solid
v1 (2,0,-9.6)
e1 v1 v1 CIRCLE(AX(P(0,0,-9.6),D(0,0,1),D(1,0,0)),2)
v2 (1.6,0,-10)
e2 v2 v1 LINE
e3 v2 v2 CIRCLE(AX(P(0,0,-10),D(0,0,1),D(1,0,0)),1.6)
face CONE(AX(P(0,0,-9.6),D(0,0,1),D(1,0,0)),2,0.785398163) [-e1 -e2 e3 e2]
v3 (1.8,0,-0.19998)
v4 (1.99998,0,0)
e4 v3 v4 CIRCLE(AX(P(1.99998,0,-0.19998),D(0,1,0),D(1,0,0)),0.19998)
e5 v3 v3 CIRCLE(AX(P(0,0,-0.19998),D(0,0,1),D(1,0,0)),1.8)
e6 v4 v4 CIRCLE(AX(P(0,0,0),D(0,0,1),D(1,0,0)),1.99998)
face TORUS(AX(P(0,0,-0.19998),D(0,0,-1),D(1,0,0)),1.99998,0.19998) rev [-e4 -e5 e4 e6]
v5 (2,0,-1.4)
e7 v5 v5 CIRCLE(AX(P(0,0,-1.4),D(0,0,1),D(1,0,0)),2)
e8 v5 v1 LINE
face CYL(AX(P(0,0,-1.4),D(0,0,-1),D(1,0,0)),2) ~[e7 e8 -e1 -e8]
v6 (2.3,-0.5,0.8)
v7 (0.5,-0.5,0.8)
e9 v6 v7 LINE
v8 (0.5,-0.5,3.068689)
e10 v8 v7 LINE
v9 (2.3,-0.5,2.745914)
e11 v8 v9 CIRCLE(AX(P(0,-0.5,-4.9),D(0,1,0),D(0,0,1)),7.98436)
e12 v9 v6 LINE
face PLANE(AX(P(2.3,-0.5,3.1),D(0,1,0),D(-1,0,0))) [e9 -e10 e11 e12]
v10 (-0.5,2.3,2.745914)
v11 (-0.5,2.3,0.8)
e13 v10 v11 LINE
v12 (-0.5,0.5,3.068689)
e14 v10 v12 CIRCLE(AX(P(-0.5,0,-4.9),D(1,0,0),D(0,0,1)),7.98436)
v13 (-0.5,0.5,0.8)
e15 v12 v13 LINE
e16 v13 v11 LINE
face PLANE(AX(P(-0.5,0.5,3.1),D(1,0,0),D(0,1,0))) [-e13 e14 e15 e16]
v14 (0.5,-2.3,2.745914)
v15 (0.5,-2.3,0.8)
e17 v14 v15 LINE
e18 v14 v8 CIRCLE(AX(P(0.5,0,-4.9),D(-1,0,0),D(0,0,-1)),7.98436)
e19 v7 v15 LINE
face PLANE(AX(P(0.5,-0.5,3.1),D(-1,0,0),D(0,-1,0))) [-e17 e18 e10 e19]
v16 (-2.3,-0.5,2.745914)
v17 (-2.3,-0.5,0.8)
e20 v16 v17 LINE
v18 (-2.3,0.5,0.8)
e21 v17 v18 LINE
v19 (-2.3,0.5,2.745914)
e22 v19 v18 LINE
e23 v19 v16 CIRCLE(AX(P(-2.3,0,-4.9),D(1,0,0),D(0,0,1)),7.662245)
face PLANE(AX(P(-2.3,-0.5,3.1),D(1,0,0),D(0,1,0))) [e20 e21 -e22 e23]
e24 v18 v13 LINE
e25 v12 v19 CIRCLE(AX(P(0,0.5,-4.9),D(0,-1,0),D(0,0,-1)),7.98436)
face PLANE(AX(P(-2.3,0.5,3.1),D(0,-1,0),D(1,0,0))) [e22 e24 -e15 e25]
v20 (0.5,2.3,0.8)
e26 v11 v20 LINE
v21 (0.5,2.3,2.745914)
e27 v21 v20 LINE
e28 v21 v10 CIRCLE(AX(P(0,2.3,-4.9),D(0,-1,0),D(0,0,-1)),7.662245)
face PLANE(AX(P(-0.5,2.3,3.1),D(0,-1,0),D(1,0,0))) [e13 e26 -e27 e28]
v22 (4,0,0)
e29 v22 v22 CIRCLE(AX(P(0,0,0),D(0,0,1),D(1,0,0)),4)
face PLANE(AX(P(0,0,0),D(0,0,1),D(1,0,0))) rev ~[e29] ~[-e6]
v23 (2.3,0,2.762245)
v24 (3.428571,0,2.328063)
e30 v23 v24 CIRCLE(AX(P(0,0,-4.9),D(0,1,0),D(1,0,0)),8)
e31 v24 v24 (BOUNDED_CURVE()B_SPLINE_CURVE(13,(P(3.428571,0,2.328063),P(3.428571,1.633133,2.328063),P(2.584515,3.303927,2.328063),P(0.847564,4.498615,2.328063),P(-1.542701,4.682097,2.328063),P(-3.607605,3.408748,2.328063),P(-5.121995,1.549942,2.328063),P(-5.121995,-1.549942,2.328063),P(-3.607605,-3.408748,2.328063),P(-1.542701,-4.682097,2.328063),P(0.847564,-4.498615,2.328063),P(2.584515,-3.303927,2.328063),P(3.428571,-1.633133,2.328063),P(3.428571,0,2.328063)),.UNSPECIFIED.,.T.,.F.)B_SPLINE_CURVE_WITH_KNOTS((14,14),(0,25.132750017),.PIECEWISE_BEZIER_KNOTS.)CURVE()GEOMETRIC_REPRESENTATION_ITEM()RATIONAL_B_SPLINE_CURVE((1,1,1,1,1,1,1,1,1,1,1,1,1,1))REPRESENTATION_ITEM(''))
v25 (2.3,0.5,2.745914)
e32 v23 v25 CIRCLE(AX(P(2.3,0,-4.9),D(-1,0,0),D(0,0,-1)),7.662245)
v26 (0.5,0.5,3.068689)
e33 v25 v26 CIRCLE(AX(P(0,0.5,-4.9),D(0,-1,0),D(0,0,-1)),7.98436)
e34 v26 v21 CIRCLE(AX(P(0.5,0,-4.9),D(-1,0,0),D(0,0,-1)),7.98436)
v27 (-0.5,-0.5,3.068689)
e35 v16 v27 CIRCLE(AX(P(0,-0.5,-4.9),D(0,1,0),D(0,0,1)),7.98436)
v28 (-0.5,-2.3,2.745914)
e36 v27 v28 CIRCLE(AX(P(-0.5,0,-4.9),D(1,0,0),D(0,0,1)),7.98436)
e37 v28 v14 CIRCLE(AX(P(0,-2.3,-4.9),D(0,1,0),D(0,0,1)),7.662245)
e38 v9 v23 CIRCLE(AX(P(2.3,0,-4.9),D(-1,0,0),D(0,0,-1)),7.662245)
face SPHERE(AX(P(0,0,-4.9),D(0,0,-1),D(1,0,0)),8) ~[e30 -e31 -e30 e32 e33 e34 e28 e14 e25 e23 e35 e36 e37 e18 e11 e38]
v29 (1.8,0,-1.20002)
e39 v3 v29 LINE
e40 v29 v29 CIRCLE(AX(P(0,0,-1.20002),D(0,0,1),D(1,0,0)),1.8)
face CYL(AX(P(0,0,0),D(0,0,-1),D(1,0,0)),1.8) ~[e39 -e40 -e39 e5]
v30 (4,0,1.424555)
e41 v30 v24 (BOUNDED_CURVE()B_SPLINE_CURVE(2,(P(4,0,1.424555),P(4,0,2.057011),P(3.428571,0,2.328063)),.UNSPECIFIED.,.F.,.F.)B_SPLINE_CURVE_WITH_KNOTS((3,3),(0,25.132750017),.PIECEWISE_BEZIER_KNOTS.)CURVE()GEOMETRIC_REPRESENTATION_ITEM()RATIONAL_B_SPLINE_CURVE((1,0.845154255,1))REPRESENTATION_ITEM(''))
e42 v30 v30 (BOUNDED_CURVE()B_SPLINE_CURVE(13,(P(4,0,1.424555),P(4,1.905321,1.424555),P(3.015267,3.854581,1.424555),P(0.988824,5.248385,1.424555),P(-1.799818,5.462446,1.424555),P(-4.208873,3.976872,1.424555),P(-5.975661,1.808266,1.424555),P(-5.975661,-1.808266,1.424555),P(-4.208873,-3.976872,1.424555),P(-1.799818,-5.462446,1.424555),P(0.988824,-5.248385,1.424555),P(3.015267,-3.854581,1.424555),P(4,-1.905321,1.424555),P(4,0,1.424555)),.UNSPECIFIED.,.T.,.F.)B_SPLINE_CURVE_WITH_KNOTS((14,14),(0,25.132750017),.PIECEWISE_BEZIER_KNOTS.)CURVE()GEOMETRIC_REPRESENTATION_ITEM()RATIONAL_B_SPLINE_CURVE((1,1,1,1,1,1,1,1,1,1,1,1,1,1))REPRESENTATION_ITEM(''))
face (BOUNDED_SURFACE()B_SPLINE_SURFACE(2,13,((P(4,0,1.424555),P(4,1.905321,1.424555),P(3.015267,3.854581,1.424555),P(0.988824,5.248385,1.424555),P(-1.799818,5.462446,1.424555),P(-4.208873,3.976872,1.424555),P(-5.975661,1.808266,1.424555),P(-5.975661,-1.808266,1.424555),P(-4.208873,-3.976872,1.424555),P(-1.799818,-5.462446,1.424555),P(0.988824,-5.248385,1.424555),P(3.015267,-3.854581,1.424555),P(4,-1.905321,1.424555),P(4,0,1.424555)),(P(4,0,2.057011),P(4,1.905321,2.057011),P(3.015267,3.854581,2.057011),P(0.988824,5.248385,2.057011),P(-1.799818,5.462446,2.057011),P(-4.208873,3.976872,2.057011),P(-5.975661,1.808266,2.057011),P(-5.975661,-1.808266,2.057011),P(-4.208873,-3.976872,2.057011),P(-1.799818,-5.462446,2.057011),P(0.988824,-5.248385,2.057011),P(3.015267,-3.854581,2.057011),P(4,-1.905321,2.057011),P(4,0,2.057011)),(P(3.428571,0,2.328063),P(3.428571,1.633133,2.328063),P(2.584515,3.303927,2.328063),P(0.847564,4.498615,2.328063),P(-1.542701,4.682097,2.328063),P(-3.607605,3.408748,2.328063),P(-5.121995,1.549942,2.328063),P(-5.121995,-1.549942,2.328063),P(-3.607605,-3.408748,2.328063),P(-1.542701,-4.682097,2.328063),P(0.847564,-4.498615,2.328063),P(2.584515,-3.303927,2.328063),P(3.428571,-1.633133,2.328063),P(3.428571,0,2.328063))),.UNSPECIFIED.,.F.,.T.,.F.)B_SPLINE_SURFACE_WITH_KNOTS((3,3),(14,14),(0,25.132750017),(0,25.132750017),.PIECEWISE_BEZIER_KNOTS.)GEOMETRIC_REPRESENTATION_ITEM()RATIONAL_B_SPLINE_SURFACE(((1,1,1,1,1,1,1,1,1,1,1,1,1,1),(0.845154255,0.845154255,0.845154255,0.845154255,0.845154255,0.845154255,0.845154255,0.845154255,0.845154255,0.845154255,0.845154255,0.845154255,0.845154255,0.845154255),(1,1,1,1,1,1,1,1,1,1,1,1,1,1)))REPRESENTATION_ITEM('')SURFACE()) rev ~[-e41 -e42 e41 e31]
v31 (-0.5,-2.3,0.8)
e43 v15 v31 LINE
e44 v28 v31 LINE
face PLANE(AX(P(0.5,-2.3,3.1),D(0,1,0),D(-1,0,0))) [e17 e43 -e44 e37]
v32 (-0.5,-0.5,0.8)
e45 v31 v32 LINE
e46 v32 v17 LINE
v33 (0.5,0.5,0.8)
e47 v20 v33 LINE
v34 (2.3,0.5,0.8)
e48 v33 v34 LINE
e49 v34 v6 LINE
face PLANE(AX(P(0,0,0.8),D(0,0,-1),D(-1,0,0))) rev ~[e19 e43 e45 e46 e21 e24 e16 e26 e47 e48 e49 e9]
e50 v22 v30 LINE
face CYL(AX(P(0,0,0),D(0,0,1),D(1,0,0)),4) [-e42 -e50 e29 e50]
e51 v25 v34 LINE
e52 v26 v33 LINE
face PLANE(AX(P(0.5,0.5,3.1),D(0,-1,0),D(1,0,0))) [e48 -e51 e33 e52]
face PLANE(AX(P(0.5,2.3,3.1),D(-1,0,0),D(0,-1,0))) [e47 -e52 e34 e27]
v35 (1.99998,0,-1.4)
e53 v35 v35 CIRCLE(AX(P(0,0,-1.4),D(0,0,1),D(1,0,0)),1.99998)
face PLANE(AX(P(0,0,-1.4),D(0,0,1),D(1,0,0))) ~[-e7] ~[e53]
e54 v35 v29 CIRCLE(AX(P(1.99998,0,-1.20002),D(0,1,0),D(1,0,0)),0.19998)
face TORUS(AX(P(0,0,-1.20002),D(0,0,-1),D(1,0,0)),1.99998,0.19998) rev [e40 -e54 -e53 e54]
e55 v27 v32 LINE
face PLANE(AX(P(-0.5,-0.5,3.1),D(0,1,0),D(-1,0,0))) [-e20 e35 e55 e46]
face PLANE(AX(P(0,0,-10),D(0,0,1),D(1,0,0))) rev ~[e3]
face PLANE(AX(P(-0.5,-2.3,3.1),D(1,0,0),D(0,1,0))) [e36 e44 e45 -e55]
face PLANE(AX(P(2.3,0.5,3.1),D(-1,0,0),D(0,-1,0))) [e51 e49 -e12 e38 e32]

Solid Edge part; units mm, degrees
sketch "Sketch1" plane through (0, 0, 0) normal (0, -1, 0) x (1, 0, 0)
  line L0 (4, 0) -> (1.8, 0)
  line L1 (1.8, 0) -> (1.8, -1.4)
  line L2 (1.8, -1.4) -> (2, -1.4)
  line L3 (2, -1.4) -> (2, -10)
  line L4 (2, -10) -> (0, -10)
  arc A0 (0, 3.1) -> (4, 2.0282) centre (0, -4.9) cw
  line L5 (4, 0) -> (4, 2.0282)
  dimension "D1" = 10
  dimension "D2" = 1.4
  dimension "D3" = 0.2
  dimension "D4" = 8
  dimension "D5" = 3.1
revolve "RevolvedProtrusion1" add sketch "Sketch1" angle 360 about axis through (0, 0, -6) along (0, 0, 1)
cosmetic_thread "Thread1" size "M4"
chamfer "Chamfer_1" distance 0.4 angle 45 1 edges at (-2, 0, -10)
fillet "Round1" radius 0.2 2 edges at (-1.8, 0, -1.4) (-1.8, 0, 0)
fillet "Round_3" radius 1 1 edges at (-4, 0, 2.0282)
sketch "Sketch2" plane through (0, 0, 3.1) normal (0, 0, 1) x (1, 0, 0)
  line L0 (-0.5, 0.5) -> (-0.5, 2.3)
  line L1 (-0.5, 2.3) -> (0.5, 2.3)
  line L2 (0.5, 2.3) -> (0.5, 0.5)
  line L3 (0.5, 0.5) -> (2.3, 0.5)
  line L4 (2.3, 0.5) -> (2.3, -0.5)
  line L5 (2.3, -0.5) -> (0.5, -0.5)
  line L6 (0.5, -0.5) -> (0.5, -2.3)
  line L7 (0.5, -2.3) -> (-0.5, -2.3)
  line L8 (-0.5, -2.3) -> (-0.5, -0.5)
  line L9 (-0.5, -0.5) -> (-2.3, -0.5)
  line L10 (-2.3, -0.5) -> (-2.3, 0.5)
  line L11 (-2.3, 0.5) -> (-0.5, 0.5)
  dimension "D1" = 4.6
  dimension "D2" = 1
extrude "ExtrudedCutout_2" cut sketch "Sketch2" against normal blind 2.3
properties part number "STD-DIN7985-M4x10" material "Galvanized steel"
